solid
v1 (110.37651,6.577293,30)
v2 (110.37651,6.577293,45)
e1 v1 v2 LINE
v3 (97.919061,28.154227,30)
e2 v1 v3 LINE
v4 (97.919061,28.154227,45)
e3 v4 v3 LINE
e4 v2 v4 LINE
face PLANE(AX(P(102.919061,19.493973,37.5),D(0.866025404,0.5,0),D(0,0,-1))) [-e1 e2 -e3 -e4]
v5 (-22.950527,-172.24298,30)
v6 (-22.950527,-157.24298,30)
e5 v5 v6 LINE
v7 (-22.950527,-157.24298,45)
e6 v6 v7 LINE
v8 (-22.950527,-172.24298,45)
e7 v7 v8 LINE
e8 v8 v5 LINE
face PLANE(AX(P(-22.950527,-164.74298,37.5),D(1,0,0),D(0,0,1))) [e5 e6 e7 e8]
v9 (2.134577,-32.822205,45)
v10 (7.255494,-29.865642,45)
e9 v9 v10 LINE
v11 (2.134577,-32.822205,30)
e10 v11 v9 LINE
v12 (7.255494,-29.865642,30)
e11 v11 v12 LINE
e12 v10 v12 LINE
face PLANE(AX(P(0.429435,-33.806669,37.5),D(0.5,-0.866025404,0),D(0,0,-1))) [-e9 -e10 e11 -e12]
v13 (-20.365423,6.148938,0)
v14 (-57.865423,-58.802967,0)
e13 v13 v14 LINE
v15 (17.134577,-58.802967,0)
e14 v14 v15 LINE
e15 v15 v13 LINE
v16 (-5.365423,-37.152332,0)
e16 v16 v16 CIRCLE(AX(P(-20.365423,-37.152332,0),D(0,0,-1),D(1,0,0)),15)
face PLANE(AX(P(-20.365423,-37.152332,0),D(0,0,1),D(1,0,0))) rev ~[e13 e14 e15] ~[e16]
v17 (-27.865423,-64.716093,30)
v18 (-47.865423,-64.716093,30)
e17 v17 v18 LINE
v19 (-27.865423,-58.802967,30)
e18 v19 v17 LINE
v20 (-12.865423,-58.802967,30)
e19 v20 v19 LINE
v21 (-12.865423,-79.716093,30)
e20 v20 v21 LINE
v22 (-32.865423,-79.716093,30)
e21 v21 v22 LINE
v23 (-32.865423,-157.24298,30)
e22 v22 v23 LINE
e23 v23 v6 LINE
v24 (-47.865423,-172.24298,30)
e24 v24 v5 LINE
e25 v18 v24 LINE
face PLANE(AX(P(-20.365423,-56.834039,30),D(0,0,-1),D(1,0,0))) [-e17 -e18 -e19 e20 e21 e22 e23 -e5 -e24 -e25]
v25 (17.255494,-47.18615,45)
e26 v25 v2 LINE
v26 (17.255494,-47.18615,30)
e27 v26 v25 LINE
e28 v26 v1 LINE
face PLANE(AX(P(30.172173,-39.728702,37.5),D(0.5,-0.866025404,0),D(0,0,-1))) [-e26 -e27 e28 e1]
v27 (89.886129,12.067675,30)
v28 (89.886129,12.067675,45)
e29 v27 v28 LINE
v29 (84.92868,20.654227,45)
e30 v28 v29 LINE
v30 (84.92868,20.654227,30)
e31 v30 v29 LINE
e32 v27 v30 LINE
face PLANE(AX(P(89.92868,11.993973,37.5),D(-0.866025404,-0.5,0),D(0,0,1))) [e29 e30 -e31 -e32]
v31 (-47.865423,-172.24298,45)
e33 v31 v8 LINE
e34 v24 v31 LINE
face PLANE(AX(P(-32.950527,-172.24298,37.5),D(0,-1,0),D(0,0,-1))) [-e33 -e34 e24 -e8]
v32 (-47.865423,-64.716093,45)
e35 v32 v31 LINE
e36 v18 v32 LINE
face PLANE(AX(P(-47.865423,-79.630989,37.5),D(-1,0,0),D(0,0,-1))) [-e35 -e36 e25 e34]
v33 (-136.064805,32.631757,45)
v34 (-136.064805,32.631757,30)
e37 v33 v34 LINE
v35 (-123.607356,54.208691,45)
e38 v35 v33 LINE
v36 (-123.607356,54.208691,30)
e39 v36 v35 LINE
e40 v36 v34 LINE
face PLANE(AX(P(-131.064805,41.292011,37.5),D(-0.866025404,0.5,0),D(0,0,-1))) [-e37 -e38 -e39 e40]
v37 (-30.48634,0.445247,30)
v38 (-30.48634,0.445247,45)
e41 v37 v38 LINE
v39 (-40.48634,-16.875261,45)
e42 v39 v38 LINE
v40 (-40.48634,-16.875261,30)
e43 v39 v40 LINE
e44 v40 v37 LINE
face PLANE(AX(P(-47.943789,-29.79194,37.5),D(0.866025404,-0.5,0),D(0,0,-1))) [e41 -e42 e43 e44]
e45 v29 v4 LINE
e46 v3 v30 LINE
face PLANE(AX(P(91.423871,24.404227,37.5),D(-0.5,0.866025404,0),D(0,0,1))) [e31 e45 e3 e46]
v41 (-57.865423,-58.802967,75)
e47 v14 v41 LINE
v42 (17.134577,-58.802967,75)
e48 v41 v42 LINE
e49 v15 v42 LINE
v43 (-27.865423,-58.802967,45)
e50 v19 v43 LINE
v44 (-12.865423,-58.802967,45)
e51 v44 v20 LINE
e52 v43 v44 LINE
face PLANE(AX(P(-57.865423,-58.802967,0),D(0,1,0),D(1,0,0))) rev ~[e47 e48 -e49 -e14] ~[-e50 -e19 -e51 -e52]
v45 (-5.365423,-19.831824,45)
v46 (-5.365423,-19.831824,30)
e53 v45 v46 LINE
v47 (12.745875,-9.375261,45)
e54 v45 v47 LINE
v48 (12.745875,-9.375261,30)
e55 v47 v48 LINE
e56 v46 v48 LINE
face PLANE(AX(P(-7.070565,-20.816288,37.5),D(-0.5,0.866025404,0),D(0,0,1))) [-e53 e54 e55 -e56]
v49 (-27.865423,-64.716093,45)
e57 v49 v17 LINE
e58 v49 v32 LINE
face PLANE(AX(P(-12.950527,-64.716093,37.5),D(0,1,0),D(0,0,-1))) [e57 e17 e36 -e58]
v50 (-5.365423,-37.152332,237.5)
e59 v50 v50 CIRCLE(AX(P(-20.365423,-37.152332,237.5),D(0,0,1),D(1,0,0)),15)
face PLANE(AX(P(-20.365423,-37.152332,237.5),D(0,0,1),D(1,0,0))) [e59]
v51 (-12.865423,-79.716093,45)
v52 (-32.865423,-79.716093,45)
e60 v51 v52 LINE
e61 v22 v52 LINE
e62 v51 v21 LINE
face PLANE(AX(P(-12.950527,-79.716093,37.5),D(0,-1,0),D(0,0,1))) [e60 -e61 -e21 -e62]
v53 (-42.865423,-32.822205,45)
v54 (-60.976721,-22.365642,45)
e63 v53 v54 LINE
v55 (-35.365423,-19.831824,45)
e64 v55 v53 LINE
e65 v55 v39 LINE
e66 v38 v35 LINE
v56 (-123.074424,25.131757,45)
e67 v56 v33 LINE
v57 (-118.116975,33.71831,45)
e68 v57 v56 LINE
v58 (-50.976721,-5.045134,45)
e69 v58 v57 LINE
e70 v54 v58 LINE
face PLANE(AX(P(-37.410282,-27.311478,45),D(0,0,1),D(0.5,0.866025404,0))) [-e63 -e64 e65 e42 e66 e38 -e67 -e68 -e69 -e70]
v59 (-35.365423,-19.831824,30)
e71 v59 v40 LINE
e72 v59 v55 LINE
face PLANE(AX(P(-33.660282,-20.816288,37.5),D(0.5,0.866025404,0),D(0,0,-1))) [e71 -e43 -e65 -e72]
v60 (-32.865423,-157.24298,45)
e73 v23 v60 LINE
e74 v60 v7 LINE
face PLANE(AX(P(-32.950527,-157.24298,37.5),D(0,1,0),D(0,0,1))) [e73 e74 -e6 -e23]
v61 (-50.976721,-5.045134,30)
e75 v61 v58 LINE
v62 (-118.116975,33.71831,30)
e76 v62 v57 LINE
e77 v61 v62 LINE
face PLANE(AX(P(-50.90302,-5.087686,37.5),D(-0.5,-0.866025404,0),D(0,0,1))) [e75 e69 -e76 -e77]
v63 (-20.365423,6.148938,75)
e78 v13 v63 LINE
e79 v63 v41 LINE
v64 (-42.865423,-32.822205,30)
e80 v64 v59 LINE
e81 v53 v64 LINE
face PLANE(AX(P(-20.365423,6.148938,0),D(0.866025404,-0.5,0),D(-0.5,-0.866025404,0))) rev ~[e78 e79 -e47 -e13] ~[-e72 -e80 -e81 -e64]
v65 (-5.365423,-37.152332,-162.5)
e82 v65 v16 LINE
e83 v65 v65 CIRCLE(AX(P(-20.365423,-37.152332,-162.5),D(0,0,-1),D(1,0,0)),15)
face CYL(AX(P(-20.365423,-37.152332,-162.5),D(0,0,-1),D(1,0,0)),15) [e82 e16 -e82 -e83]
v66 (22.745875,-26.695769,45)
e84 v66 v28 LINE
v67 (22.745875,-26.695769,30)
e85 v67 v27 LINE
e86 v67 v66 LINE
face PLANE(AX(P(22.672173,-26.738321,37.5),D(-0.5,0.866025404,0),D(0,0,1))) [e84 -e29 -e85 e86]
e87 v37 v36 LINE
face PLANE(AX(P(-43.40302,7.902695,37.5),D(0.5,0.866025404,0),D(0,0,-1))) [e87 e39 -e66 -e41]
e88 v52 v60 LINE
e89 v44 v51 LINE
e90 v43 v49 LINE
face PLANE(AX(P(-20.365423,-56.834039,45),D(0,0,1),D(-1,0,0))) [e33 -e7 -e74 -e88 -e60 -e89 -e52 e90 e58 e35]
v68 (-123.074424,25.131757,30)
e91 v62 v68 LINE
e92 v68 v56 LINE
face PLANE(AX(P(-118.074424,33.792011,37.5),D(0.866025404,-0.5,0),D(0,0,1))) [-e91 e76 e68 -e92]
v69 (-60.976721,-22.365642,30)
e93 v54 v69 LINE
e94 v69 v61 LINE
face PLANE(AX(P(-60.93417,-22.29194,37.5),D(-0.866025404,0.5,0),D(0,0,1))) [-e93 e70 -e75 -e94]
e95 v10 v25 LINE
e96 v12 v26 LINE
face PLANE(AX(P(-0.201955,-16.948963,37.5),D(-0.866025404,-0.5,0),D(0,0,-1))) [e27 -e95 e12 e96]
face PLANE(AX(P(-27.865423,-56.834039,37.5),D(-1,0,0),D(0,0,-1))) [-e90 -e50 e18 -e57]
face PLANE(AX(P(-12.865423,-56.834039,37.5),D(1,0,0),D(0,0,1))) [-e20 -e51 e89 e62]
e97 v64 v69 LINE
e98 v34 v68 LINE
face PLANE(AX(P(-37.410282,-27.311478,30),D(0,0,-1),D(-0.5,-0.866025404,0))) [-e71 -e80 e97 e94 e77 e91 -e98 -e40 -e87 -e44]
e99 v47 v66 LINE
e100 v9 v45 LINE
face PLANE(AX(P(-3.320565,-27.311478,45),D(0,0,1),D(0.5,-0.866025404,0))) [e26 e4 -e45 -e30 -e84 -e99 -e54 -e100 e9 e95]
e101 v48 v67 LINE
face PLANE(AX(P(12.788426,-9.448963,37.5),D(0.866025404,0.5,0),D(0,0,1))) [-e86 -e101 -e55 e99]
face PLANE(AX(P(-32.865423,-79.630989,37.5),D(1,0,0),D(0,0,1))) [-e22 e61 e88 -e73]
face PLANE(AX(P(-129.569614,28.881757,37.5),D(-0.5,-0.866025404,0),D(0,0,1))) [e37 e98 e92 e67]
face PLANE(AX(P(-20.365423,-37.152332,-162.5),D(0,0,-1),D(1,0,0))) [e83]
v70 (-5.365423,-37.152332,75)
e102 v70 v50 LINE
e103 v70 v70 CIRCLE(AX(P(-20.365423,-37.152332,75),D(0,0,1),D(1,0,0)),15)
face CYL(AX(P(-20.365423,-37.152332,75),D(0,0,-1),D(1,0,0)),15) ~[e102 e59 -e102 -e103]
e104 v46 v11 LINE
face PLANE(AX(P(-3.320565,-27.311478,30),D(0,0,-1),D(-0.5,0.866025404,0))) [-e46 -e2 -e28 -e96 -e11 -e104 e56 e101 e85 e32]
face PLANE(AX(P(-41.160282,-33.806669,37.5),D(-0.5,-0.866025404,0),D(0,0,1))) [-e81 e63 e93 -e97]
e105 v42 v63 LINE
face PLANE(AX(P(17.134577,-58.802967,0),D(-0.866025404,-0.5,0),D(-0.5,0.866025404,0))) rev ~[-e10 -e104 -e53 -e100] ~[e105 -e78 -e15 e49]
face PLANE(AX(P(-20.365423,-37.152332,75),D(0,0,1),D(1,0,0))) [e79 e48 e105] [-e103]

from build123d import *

# Parameters (mm, degrees)
BOSS_EXTRU_1_DEPTH           = 75
ESQUISSE3_R                  = 15
BOSS_EXTRU_2_DEPTH           = 162.5
BOSS_EXTRU_3_START           = 162.5
ESQUISSE4_R                  = 15
BOSS_EXTRU_3_DEPTH           = 162.5
ESQUISSE5_W                  = 15
ESQUISSE5_H                  = 15
R_P_TITION_CIRCULAIRE2_COUNT = 3


with BuildPart() as part:
    # Esquisse1 → Boss.-Extru.1 (new body)
    with BuildSketch(Plane.XY):
        Polygon((-20.36542333, 6.148938206), (-57.86542333, -58.802967077), (17.13457667, -58.802967077), align=None)
    extrude(amount=BOSS_EXTRU_1_DEPTH)

    # Esquisse3 → Boss.-Extru.2 (add)
    with BuildSketch(Plane.XY.offset(75)):
        with Locations((-20.36542333, -37.152331983)):
            Circle(ESQUISSE3_R)
    extrude(amount=BOSS_EXTRU_2_DEPTH)

    # Esquisse4 → Boss.-Extru.3 (add)
    with BuildSketch(Plane(origin=(0, 0, 0), x_dir=(-1, 0, 0), z_dir=(0, 0, -1)).offset(BOSS_EXTRU_3_START)):
        with Locations(Location((20.36542333, -37.152331983, 0), (0, 0, 180))):
            Circle(ESQUISSE4_R)
    extrude(amount=-BOSS_EXTRU_3_DEPTH)

    # Balayage1: sweep along a curve in space
    with BuildLine() as balayage1_path:
        Line((-12.950526791, -56.834039487, 37.5), (-12.950526791, -79.630989253, 37.5))
        Line((-12.950526791, -79.630989253, 37.5), (-32.950526791, -79.630989253, 37.5))
        Line((-32.950526791, -79.630989253, 37.5), (-32.950526791, -157.328083579, 37.5))
        Line((-32.950526791, -157.328083579, 37.5), (-22.950526791, -157.328083579, 37.5))
    # Esquisse5 → Balayage1 (sweep)
    with BuildSketch(Plane.XZ.offset(58.802967077)):
        with Locations((-20.36542333, 37.5)):
            Rectangle(ESQUISSE5_W, ESQUISSE5_H)
    balayage1 = sweep(path=balayage1_path.line, transition=Transition.RIGHT)

    # Répétition circulaire2: Balayage1 ×3 about axis
    r_p_tition_circulaire2_axis = Axis((-20.36542333, -37.152331983, 0), (0, 0, 1))
    for i in range(1, R_P_TITION_CIRCULAIRE2_COUNT):
        add(balayage1.rotate(r_p_tition_circulaire2_axis, i * 360 / R_P_TITION_CIRCULAIRE2_COUNT))


solid = part.part
